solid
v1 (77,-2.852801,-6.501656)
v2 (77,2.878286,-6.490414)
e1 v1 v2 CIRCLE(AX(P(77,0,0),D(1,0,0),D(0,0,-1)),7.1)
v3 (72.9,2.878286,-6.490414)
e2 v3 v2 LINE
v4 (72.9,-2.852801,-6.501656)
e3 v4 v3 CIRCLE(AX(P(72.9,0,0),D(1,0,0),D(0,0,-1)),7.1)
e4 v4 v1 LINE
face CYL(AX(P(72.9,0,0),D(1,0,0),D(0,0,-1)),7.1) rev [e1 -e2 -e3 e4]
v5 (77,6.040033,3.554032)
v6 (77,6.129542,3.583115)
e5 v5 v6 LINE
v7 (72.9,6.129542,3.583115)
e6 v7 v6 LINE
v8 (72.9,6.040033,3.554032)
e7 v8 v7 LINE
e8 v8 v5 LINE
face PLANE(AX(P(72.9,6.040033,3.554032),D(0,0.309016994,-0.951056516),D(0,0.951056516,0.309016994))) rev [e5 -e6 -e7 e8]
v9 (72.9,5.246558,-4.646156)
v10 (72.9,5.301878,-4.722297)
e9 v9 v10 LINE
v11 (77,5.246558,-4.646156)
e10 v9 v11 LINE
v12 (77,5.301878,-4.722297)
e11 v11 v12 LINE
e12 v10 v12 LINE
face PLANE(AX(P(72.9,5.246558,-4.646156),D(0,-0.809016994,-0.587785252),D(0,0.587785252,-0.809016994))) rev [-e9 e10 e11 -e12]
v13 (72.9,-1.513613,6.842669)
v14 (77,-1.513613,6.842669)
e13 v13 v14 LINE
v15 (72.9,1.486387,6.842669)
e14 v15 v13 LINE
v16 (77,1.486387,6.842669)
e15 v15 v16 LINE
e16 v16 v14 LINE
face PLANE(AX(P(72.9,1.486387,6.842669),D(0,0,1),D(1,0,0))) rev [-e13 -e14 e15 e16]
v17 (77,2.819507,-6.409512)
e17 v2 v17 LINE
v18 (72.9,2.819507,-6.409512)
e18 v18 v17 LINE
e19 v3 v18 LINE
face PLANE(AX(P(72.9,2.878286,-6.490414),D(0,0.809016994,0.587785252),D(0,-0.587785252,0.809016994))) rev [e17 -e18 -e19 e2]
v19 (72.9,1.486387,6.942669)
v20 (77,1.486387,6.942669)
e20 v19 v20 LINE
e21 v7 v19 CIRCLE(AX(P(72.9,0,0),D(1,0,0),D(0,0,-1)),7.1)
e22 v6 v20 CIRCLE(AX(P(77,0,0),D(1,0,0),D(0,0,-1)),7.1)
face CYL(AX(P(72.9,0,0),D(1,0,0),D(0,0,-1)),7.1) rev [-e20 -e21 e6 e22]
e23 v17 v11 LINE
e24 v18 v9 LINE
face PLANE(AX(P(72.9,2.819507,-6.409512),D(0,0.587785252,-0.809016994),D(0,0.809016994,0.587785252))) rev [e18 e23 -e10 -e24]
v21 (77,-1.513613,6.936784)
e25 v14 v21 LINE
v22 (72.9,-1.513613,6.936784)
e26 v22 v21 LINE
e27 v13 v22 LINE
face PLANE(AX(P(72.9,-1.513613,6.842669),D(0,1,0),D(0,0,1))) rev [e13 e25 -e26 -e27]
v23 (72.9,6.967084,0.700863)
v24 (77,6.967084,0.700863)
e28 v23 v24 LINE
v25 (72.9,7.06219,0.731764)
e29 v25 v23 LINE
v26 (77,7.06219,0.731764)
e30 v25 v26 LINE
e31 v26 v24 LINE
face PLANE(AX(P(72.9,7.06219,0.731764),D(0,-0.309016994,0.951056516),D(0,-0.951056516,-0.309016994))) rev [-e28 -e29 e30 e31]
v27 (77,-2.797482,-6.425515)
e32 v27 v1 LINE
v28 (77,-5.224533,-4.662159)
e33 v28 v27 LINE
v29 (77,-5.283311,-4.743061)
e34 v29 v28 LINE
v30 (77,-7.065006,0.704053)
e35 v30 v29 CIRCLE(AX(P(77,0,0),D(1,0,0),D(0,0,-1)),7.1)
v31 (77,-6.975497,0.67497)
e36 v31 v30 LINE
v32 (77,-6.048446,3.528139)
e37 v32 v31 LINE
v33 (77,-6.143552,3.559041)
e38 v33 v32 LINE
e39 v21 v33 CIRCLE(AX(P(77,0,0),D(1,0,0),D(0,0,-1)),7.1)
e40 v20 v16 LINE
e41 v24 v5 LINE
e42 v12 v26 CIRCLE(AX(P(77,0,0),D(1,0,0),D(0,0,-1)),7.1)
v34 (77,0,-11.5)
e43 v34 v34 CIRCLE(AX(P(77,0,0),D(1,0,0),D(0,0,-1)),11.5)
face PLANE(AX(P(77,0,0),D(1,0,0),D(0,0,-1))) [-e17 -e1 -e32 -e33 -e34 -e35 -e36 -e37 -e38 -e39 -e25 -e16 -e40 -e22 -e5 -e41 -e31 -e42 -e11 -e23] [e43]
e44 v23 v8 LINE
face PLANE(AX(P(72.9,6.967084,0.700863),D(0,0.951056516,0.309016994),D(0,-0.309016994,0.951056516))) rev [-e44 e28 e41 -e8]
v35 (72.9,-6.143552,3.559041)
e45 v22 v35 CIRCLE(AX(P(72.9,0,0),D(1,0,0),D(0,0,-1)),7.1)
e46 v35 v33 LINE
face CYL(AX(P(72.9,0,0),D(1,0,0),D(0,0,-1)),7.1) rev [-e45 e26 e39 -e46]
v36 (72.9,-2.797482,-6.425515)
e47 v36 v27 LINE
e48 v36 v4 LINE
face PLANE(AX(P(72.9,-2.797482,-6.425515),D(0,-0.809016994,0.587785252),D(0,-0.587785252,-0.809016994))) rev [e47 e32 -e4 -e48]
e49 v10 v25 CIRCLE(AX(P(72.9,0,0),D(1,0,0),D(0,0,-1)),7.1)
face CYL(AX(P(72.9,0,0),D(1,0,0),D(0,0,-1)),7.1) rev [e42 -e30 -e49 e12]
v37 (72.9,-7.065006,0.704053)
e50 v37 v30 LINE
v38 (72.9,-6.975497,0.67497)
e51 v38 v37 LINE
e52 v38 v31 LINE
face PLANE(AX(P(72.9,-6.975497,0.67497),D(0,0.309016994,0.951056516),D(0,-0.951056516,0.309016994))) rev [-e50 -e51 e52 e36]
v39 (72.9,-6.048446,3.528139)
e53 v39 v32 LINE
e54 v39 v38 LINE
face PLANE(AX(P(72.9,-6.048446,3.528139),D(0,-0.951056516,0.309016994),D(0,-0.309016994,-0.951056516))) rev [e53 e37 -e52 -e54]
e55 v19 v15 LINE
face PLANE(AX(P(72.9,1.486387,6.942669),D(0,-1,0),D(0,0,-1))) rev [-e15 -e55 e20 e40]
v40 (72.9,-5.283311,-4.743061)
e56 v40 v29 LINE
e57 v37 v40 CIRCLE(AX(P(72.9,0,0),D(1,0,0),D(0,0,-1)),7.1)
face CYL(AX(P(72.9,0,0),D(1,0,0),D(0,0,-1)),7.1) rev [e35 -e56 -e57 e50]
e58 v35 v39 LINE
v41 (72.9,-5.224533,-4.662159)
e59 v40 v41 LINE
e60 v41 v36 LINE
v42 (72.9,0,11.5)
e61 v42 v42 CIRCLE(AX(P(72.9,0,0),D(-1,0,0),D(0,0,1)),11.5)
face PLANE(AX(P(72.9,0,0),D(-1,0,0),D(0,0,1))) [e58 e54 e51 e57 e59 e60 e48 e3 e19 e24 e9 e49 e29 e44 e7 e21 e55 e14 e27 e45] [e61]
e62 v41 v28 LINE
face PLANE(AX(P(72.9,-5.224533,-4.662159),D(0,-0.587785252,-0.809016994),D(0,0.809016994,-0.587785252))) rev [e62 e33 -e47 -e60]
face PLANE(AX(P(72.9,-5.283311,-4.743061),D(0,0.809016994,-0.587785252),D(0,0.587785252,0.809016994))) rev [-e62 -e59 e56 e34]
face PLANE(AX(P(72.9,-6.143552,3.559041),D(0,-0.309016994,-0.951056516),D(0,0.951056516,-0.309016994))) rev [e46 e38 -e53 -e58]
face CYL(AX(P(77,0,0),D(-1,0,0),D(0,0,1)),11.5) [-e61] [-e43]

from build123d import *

# Parameters (mm, degrees)
SKIZZE1_R                        = 11.5
AUFSATZ_LINEAR_AUSTRAGEN1_DEPTH  = 77
SCHNITT_LINEAR_AUSTRAGEN1_DEPTH  = 4.1
SKIZZE3_R                        = 2.1
SCHNITT_LINEAR_AUSTRAGEN2_DEPTH  = 3
SKIZZE4_R                        = 9.6
SCHNITT_LINEAR_AUSTRAGEN3_DEPTH  = 12.75
SCHNITT_LINEAR_START             = -6
SKIZZE7_W                        = 1.5
SKIZZE7_H                        = 15
SCHNITT_LINEAR_AUSTRAGEN4_DEPTH  = 63
SKIZZE8_W                        = 63
SKIZZE8_H                        = 4
AUFSATZ_LINEAR_AUSTRAGEN2_DEPTH  = 1.5
SCHNITT_LINEAR_AUSTRAGEN6_DEPTH  = 13.5
SKIZZE12_R                       = 3
SCHNITT_LINEAR_AUSTRAGEN7_DEPTH  = 2
KREISMUSTER3_COUNT               = 3
SKIZZE13_R                       = 8.5
SCHNITT_LINEAR_AUSTRAGEN8_DEPTH  = 40
SKIZZE15_R                       = 14.336938481
SCHNITT_LINEAR_AUSTRAGEN10_DEPTH = 72.9


with BuildPart() as part:
    # Skizze1 → Aufsatz-Linear austragen1 (new body)
    with BuildSketch(Plane(origin=(0, 0, 0), x_dir=(0, 0, -1), z_dir=(1, 0, 0))):
        Circle(SKIZZE1_R)
    extrude(amount=AUFSATZ_LINEAR_AUSTRAGEN1_DEPTH)

    # Skizze2 → Schnitt-Linear austragen1 (cut)
    with BuildSketch(Plane(origin=(77, 0, 0), x_dir=(0, 0, -1), z_dir=(1, 0, 0))):
        with BuildLine():
            Line((-6.942668977, 1.486387391), (-6.842668977, 1.486387391))
            Line((-6.842668977, 1.486387391), (-6.842668977, -1.513612609))
            Line((-6.842668977, -1.513612609), (-6.936784332, -1.513612609))
            ThreePointArc((-6.936784332, -1.513612609), (-5.735823545, -4.184534414), (-3.559041115, -6.143551607))
            Line((-3.559041115, -6.143551607), (-3.528139415, -6.048445955))
            Line((-3.528139415, -6.048445955), (-0.674969866, -6.975496938))
            Line((-0.674969866, -6.975496938), (-0.70405311, -7.06500596))
            ThreePointArc((-0.70405311, -7.06500596), (2.207261771, -6.748184606), (4.743060601, -5.283311096))
            Line((4.743060601, -5.283311096), (4.662158901, -5.224532571))
            Line((4.662158901, -5.224532571), (6.425514658, -2.797481588))
            Line((6.425514658, -2.797481588), (6.50165558, -2.852801206))
            ThreePointArc((6.50165558, -2.852801206), (7.099986341, 0.013926966), (6.490413777, 2.878285776))
            Line((6.490413777, 2.878285776), (6.409512077, 2.819507251))
            Line((6.409512077, 2.819507251), (4.64615632, 5.246558234))
            Line((4.64615632, 5.246558234), (4.722297242, 5.301877852))
            ThreePointArc((4.722297242, 5.301877852), (2.180771108, 6.756791944), (-0.731764286, 7.062189535))
            Line((-0.731764286, 7.062189535), (-0.700862586, 6.967083883))
            Line((-0.700862586, 6.967083883), (-3.554032135, 6.0400329))
            Line((-3.554032135, 6.0400329), (-3.583115379, 6.129541922))
            ThreePointArc((-3.583115379, 6.129541922), (-5.752195675, 4.162000111), (-6.942668977, 1.486387391))
        make_face()
    extrude(amount=-SCHNITT_LINEAR_AUSTRAGEN1_DEPTH, mode=Mode.SUBTRACT)

    # Skizze3 → Schnitt-Linear austragen2 (cut)
    with BuildSketch(Plane(origin=(72.9, 0, 0), x_dir=(0, 0, -1), z_dir=(1, 0, 0))):
        Circle(SKIZZE3_R)
    extrude(amount=-SCHNITT_LINEAR_AUSTRAGEN2_DEPTH, mode=Mode.SUBTRACT)

    # Skizze4 → Schnitt-Linear austragen3 (cut)
    with BuildSketch(Plane.ZY):
        Circle(SKIZZE4_R)
    extrude(amount=-SCHNITT_LINEAR_AUSTRAGEN3_DEPTH, mode=Mode.SUBTRACT)

    # Skizze7 → Schnitt-Linear austragen4 (cut)
    with BuildSketch(Plane(origin=(77, 0, 0), x_dir=(0, 0, -1), z_dir=(1, 0, 0)).offset(SCHNITT_LINEAR_START)):
        with Locations((-10.75, 0)):
            Rectangle(SKIZZE7_W, SKIZZE7_H)
    schnitt_linear_austragen4 = extrude(amount=-SCHNITT_LINEAR_AUSTRAGEN4_DEPTH, mode=Mode.SUBTRACT)

    # Skizze8 → Aufsatz-Linear austragen2 (add)
    with BuildSketch(Plane.XY.offset(10)):
        with Locations((39.5, 0)):
            Rectangle(SKIZZE8_W, SKIZZE8_H)
    aufsatz_linear_austragen2 = extrude(amount=AUFSATZ_LINEAR_AUSTRAGEN2_DEPTH)

    # Skizze10 → Schnitt-Linear austragen6 (cut)
    with BuildSketch(Plane.ZY.offset(-12.75)):
        Polygon((4.038863706, -2.240739453), (3.959969143, 2.377388845), (-0.078894563, 4.618128298), (-4.038863706, 2.240739453), (-3.959969143, -2.377388845), (0.078894563, -4.618128298), align=None)
    extrude(amount=-SCHNITT_LINEAR_AUSTRAGEN6_DEPTH, mode=Mode.SUBTRACT)

    # Skizze12 → Schnitt-Linear austragen7 (cut)
    with BuildSketch(Plane.ZY.offset(-26.25)):
        Circle(SKIZZE12_R)
    extrude(amount=-SCHNITT_LINEAR_AUSTRAGEN7_DEPTH, mode=Mode.SUBTRACT)

    # Kreismuster3: Schnitt-Linear austragen4, Aufsatz-Linear austragen2 ×3 about axis
    kreismuster3_axis = Axis((0, 0, 0), (1, 0, 0))
    add([schnitt_linear_austragen4.rotate(kreismuster3_axis, i * 360 / KREISMUSTER3_COUNT) for i in range(1, KREISMUSTER3_COUNT)], mode=Mode.SUBTRACT)
    add([aufsatz_linear_austragen2.rotate(kreismuster3_axis, i * 360 / KREISMUSTER3_COUNT) for i in range(1, KREISMUSTER3_COUNT)])

    # Skizze13 → Schnitt-Linear austragen8 (cut)
    with BuildSketch(Plane(origin=(69.9, 0, 0), x_dir=(0, 0, -1), z_dir=(1, 0, 0))):
        Circle(SKIZZE13_R)
    extrude(amount=-SCHNITT_LINEAR_AUSTRAGEN8_DEPTH, mode=Mode.SUBTRACT)

    # Skizze15 → Schnitt-Linear austragen10 (cut)
    with BuildSketch(Plane.ZY):
        Circle(SKIZZE15_R)
    extrude(amount=-SCHNITT_LINEAR_AUSTRAGEN10_DEPTH, mode=Mode.SUBTRACT)


solid = part.part
